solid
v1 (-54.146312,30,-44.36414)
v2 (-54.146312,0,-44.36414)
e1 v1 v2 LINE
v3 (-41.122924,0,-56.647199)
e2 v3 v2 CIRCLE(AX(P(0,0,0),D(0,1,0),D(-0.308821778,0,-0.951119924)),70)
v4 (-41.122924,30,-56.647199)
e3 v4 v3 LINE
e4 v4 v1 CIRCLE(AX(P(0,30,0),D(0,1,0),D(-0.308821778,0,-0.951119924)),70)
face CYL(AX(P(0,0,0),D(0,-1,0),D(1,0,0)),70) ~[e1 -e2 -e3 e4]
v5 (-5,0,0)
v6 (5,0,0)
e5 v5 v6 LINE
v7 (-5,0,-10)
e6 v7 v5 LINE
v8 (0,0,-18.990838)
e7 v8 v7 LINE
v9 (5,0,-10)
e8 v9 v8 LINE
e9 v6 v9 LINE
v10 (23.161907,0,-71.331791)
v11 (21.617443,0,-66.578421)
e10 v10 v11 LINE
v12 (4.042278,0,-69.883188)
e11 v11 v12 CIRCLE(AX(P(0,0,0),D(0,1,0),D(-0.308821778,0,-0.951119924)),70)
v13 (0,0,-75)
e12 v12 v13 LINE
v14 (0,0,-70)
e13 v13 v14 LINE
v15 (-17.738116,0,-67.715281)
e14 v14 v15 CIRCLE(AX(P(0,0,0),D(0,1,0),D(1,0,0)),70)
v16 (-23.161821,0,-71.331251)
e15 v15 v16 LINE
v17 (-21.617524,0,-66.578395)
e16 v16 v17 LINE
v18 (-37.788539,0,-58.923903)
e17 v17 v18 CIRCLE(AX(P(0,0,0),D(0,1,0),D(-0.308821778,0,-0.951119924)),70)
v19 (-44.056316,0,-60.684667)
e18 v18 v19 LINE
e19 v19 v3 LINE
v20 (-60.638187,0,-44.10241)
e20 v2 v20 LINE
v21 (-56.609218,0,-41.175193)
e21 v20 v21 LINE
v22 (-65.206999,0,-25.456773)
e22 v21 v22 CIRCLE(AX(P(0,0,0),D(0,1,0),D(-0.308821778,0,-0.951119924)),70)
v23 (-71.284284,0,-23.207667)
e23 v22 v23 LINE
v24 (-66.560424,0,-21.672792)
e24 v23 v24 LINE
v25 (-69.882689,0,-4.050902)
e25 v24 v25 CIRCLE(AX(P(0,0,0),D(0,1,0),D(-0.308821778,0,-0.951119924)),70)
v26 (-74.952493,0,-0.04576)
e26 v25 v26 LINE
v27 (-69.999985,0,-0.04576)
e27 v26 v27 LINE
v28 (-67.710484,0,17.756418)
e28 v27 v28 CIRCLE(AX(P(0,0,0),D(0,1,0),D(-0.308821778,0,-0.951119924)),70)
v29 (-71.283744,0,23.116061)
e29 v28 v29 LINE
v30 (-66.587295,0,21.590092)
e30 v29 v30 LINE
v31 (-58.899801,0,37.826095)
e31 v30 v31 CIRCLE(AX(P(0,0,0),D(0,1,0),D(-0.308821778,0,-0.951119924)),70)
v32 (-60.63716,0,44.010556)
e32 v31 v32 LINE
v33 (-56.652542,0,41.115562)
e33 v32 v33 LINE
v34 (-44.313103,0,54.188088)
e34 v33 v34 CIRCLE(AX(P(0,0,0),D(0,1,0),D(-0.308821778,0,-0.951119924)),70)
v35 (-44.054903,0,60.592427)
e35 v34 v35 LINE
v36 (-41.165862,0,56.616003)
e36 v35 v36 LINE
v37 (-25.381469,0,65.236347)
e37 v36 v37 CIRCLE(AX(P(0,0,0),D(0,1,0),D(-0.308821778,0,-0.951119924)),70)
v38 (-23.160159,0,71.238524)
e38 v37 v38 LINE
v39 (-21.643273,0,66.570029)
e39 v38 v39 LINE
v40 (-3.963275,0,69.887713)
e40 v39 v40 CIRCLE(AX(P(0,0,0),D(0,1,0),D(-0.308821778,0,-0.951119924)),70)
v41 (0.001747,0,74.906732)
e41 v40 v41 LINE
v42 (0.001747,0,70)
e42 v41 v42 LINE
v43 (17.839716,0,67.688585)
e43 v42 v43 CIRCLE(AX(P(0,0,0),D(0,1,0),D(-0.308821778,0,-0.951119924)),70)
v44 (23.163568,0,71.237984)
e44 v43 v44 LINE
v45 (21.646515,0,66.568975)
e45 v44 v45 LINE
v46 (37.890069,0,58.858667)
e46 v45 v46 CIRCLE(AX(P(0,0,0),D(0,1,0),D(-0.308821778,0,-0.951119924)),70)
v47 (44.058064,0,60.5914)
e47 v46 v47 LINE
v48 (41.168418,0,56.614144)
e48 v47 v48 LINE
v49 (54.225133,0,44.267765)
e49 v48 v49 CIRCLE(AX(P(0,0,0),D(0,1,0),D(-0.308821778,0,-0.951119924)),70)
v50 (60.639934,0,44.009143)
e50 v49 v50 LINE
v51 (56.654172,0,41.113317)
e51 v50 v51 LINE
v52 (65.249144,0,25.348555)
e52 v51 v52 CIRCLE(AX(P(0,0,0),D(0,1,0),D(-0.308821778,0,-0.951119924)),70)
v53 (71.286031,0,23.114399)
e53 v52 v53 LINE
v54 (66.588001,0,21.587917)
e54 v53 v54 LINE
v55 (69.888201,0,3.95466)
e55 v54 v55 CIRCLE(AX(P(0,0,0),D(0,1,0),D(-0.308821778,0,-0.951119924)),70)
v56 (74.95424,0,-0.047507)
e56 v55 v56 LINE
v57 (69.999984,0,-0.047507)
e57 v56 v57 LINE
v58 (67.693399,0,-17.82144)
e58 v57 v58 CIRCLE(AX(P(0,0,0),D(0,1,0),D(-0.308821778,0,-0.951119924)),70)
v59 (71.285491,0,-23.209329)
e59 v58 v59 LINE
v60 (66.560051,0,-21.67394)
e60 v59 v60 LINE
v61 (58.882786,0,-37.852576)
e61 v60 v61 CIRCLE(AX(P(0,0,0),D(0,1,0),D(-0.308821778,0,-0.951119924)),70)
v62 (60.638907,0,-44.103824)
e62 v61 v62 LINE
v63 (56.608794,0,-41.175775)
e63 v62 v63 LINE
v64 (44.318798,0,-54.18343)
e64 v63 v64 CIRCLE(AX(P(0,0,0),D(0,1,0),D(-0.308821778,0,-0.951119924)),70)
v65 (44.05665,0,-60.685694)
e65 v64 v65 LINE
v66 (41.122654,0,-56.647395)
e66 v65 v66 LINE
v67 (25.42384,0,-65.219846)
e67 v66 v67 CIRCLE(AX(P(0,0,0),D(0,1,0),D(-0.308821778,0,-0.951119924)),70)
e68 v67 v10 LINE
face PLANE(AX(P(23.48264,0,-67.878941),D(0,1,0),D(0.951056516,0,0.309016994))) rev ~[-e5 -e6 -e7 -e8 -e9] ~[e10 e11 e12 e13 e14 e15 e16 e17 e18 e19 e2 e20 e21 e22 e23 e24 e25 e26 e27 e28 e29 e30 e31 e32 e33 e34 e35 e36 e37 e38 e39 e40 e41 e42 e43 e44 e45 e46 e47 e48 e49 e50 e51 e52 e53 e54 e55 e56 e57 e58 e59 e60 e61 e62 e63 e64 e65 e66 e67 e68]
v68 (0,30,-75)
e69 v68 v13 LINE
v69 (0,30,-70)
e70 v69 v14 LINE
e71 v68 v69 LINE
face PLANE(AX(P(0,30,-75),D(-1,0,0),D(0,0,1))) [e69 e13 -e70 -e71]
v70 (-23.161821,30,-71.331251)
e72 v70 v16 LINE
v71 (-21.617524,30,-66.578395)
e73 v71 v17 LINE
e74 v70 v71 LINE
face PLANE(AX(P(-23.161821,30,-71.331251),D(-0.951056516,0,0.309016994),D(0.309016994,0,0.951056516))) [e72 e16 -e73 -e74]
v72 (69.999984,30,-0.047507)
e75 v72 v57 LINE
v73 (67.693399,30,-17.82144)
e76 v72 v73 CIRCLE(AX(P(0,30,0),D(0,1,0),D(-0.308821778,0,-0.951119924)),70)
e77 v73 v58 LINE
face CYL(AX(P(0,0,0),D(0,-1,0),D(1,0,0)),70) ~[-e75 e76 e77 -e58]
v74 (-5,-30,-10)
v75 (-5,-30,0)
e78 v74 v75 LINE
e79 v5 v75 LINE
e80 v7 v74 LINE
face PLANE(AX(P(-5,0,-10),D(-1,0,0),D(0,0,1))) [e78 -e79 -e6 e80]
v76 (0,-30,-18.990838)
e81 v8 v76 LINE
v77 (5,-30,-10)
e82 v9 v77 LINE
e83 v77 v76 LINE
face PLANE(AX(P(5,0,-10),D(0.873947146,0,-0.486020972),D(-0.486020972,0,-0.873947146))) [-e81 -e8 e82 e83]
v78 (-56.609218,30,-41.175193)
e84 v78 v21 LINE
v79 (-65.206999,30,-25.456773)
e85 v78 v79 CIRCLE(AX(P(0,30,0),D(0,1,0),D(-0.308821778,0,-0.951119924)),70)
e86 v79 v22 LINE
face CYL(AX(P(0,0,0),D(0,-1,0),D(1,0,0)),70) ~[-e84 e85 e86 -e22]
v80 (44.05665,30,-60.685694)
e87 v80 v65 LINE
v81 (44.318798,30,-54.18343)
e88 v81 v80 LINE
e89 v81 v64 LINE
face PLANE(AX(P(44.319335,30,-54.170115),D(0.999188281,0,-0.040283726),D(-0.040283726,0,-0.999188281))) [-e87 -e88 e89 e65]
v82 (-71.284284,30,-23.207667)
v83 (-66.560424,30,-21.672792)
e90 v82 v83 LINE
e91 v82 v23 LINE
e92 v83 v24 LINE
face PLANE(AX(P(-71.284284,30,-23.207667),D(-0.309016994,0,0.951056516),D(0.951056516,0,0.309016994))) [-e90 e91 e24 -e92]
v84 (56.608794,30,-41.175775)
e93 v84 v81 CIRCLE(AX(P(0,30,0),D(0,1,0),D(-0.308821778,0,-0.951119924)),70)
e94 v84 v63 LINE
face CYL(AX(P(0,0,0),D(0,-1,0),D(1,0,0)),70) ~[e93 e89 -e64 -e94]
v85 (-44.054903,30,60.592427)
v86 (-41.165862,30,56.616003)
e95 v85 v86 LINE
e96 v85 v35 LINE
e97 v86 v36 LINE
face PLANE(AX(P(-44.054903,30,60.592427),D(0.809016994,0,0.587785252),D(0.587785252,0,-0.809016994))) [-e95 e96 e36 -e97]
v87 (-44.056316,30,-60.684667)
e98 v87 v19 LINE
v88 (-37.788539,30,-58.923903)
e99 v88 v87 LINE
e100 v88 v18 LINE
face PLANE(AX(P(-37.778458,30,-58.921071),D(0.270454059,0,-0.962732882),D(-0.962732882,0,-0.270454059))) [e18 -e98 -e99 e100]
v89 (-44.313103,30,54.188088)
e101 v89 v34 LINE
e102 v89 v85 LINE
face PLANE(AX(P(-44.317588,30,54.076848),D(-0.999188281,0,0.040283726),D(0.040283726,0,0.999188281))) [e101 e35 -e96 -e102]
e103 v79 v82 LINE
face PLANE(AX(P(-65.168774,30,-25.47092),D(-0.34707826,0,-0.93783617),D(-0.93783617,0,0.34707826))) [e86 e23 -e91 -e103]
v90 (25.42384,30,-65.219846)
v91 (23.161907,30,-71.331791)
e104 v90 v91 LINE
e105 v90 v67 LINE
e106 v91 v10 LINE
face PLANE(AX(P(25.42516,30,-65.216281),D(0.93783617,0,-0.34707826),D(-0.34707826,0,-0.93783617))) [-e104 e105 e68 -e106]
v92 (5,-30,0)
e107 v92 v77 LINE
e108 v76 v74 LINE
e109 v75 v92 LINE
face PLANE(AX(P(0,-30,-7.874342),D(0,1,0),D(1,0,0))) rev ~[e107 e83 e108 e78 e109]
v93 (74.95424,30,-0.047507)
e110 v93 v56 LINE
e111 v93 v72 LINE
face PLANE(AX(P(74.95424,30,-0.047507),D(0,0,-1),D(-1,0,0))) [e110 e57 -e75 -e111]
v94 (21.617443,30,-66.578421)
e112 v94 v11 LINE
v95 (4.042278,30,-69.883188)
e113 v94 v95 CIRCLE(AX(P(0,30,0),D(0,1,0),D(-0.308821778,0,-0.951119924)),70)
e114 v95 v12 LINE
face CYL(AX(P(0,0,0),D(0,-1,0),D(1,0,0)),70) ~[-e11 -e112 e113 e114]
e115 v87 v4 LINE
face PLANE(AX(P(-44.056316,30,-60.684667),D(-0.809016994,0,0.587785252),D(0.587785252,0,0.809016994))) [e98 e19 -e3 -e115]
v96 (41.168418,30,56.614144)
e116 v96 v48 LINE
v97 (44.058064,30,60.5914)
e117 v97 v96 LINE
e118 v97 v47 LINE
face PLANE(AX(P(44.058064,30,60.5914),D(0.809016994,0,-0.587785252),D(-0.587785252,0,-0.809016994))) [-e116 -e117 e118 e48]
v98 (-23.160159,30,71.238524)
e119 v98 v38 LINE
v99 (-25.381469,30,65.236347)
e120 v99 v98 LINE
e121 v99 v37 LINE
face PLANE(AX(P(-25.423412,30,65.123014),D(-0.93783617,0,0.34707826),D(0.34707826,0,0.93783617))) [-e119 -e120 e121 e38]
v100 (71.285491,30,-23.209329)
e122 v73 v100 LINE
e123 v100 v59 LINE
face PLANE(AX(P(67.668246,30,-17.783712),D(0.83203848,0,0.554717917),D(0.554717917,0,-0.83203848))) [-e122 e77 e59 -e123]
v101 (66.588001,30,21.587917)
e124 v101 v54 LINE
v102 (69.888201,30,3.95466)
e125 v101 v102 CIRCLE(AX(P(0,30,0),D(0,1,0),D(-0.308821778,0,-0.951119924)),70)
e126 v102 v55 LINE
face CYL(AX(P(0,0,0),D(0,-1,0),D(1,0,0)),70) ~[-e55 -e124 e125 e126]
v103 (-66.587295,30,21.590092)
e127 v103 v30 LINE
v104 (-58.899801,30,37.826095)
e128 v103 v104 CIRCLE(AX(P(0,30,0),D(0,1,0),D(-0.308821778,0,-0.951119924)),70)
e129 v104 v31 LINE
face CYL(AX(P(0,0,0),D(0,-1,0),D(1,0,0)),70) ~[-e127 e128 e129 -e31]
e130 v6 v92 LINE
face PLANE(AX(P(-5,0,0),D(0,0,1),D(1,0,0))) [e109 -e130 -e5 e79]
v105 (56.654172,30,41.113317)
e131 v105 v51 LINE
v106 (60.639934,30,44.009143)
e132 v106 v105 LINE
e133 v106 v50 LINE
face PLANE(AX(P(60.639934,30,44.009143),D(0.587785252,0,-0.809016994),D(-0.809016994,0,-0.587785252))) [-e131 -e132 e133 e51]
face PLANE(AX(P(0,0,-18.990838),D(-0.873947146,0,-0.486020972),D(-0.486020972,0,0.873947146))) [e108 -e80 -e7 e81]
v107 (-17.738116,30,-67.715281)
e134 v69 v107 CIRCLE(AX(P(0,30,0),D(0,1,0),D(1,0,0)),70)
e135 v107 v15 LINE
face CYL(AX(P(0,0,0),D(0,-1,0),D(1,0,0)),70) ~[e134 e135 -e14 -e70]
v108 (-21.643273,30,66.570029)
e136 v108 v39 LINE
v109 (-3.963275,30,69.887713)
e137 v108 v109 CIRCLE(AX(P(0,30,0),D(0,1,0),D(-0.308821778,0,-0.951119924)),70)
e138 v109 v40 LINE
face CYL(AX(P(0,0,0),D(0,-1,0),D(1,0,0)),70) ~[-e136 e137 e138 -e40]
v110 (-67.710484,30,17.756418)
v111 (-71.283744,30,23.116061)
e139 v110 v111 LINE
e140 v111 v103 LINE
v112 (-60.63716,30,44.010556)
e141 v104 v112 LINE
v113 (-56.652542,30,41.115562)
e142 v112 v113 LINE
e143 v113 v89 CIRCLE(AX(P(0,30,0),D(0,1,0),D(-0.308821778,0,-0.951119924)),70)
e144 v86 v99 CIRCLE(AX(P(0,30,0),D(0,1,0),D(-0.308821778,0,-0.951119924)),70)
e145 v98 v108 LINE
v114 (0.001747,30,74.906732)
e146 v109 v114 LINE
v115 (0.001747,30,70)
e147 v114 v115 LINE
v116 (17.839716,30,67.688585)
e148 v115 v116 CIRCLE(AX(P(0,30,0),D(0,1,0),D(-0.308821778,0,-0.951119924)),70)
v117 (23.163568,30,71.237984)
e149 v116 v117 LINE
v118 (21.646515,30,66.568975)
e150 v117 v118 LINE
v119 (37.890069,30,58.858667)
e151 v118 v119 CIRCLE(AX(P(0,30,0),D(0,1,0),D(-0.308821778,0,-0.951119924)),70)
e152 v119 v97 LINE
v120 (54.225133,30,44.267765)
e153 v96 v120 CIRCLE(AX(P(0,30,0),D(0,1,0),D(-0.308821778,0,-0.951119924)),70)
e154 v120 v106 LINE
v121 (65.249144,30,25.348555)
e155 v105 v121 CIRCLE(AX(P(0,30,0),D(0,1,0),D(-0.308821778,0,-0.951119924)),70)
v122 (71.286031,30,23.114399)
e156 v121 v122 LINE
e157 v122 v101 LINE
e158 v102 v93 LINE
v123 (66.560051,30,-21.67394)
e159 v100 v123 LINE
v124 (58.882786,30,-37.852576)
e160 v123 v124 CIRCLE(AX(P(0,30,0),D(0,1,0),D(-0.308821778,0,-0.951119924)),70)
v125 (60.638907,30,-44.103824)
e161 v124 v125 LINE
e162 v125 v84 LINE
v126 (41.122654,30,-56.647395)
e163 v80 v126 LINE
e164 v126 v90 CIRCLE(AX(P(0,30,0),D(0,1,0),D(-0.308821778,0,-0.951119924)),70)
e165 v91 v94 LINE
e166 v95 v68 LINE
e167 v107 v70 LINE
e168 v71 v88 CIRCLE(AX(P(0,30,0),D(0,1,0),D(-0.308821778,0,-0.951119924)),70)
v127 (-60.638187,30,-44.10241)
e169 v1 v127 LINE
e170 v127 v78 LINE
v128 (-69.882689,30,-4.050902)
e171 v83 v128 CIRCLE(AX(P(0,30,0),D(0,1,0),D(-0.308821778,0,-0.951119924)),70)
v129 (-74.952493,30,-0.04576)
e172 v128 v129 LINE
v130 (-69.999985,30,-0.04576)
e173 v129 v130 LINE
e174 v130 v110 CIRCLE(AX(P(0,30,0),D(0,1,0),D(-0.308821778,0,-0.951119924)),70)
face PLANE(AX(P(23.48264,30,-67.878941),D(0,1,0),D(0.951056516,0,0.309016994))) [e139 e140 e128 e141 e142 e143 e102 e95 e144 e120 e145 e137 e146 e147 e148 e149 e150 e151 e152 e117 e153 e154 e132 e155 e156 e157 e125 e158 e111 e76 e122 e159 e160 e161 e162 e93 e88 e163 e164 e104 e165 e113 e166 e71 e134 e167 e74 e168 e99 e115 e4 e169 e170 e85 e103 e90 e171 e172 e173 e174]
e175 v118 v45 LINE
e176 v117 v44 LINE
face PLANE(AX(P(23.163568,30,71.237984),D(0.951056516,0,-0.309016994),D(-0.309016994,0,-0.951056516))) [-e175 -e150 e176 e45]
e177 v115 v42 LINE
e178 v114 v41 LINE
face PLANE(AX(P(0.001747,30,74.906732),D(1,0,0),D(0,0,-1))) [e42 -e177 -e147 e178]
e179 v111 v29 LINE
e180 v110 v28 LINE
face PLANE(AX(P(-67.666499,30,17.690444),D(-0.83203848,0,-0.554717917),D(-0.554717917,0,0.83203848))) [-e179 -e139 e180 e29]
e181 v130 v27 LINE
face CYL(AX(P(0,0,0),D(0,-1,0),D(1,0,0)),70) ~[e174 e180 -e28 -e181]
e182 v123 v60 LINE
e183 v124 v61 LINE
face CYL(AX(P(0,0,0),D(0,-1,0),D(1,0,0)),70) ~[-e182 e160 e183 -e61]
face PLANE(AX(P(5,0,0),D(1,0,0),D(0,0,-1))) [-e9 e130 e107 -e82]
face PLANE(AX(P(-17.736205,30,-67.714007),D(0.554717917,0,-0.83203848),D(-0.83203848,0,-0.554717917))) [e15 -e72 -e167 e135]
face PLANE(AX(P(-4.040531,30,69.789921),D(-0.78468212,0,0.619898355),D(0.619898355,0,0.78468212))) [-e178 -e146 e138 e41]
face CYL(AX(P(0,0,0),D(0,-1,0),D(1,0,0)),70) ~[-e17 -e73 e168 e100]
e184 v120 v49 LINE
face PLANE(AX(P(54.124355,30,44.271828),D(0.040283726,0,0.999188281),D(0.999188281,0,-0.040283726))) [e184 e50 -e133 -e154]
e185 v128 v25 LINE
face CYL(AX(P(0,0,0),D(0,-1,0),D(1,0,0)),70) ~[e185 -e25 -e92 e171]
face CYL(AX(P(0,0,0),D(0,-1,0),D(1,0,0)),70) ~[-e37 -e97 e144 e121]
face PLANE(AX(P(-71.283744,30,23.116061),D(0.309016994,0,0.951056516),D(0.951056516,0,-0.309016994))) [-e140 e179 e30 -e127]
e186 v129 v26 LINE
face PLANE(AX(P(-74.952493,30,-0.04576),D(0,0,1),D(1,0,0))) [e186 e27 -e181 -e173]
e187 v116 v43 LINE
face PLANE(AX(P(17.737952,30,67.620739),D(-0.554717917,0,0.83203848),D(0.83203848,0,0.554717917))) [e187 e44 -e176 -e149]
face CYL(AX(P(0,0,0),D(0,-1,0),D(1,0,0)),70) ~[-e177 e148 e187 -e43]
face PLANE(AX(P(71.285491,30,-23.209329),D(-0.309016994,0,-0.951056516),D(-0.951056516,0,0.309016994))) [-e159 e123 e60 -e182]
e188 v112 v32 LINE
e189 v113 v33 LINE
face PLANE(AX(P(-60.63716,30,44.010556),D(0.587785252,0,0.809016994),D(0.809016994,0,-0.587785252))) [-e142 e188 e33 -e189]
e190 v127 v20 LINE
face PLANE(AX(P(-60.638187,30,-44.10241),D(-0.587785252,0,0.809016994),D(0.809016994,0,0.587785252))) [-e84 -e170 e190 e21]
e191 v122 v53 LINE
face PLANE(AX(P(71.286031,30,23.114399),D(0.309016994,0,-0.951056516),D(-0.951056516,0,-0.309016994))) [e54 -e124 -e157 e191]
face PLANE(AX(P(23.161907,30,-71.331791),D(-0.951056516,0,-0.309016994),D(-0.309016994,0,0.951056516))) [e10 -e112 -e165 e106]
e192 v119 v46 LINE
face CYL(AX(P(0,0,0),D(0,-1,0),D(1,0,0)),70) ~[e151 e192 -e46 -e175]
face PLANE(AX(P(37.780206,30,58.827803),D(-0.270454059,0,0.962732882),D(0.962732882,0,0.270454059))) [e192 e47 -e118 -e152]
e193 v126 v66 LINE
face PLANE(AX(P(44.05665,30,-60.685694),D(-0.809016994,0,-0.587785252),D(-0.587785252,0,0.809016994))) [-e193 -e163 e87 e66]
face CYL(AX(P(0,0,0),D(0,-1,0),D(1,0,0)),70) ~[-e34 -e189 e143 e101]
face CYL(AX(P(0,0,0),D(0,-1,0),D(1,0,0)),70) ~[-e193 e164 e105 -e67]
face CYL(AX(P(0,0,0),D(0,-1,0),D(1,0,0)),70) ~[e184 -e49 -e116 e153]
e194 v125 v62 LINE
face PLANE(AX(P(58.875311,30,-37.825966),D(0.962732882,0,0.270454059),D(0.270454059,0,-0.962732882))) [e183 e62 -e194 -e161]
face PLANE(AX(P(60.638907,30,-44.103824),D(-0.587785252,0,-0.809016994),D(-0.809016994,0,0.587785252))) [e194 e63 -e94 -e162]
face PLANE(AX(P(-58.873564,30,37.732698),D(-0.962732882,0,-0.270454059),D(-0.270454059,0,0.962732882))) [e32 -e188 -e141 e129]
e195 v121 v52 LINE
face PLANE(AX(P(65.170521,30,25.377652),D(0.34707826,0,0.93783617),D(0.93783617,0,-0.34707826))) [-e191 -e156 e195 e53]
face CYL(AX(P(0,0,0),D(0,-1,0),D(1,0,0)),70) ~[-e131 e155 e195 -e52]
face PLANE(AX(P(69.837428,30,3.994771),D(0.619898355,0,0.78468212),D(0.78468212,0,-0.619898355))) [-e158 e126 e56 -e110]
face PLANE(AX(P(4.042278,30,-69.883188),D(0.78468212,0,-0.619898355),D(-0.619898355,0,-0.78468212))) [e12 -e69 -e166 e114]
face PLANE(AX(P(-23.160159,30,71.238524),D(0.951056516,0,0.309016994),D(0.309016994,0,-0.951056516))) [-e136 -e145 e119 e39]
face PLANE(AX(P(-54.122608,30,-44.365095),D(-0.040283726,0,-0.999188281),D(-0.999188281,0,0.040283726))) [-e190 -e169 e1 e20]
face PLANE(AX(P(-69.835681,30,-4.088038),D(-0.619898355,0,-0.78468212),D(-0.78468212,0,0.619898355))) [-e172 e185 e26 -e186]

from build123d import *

# Parameters (mm, degrees)
SKETCH1_R           = 70
BOSS_EXTRUDE1_DEPTH = 30
BOSS_EXTRUDE2_DEPTH = 30
BOSS_EXTRUDE3_DEPTH = 30
CIRPATTERN1_COUNT   = 20


with BuildPart() as part:
    # Sketch1 → Boss-Extrude1 (new body)
    with BuildSketch(Plane(origin=(0, 0, 0), x_dir=(1, 0, 0), z_dir=(0, 1, 0))):
        Circle(SKETCH1_R)
    extrude(amount=BOSS_EXTRUDE1_DEPTH)

    # Sketch2 → Boss-Extrude2 (add)
    with BuildSketch(Plane(origin=(0, 0, 0), x_dir=(1, 0, 0), z_dir=(0, 1, 0))):
        Polygon((-5, 0), (5, 0), (5, 10), (0, 18.9908378), (-5, 10), align=None)
    extrude(amount=-BOSS_EXTRUDE2_DEPTH)

    # Sketch3 → Boss-Extrude3 (add)
    with BuildSketch(Plane(origin=(0, 30, 0), x_dir=(1, 0, 0), z_dir=(0, 1, 0))):
        with BuildLine():
            Line((0, 75), (0, 70))
            ThreePointArc((0, 70), (2.021982695, 69.970790949), (4.042277957, 69.883188171))
            Line((4.042277957, 69.883188171), (0, 75))
        make_face()
    boss_extrude3 = extrude(amount=-BOSS_EXTRUDE3_DEPTH)

    # CirPattern1: Boss-Extrude3 ×20 about axis
    cirpattern1_axis = Axis((0.000873645, 0, -0.046633798), (0, 1, 0))
    for i in range(1, CIRPATTERN1_COUNT):
        add(boss_extrude3.rotate(cirpattern1_axis, i * 360 / CIRPATTERN1_COUNT))


solid = part.part
